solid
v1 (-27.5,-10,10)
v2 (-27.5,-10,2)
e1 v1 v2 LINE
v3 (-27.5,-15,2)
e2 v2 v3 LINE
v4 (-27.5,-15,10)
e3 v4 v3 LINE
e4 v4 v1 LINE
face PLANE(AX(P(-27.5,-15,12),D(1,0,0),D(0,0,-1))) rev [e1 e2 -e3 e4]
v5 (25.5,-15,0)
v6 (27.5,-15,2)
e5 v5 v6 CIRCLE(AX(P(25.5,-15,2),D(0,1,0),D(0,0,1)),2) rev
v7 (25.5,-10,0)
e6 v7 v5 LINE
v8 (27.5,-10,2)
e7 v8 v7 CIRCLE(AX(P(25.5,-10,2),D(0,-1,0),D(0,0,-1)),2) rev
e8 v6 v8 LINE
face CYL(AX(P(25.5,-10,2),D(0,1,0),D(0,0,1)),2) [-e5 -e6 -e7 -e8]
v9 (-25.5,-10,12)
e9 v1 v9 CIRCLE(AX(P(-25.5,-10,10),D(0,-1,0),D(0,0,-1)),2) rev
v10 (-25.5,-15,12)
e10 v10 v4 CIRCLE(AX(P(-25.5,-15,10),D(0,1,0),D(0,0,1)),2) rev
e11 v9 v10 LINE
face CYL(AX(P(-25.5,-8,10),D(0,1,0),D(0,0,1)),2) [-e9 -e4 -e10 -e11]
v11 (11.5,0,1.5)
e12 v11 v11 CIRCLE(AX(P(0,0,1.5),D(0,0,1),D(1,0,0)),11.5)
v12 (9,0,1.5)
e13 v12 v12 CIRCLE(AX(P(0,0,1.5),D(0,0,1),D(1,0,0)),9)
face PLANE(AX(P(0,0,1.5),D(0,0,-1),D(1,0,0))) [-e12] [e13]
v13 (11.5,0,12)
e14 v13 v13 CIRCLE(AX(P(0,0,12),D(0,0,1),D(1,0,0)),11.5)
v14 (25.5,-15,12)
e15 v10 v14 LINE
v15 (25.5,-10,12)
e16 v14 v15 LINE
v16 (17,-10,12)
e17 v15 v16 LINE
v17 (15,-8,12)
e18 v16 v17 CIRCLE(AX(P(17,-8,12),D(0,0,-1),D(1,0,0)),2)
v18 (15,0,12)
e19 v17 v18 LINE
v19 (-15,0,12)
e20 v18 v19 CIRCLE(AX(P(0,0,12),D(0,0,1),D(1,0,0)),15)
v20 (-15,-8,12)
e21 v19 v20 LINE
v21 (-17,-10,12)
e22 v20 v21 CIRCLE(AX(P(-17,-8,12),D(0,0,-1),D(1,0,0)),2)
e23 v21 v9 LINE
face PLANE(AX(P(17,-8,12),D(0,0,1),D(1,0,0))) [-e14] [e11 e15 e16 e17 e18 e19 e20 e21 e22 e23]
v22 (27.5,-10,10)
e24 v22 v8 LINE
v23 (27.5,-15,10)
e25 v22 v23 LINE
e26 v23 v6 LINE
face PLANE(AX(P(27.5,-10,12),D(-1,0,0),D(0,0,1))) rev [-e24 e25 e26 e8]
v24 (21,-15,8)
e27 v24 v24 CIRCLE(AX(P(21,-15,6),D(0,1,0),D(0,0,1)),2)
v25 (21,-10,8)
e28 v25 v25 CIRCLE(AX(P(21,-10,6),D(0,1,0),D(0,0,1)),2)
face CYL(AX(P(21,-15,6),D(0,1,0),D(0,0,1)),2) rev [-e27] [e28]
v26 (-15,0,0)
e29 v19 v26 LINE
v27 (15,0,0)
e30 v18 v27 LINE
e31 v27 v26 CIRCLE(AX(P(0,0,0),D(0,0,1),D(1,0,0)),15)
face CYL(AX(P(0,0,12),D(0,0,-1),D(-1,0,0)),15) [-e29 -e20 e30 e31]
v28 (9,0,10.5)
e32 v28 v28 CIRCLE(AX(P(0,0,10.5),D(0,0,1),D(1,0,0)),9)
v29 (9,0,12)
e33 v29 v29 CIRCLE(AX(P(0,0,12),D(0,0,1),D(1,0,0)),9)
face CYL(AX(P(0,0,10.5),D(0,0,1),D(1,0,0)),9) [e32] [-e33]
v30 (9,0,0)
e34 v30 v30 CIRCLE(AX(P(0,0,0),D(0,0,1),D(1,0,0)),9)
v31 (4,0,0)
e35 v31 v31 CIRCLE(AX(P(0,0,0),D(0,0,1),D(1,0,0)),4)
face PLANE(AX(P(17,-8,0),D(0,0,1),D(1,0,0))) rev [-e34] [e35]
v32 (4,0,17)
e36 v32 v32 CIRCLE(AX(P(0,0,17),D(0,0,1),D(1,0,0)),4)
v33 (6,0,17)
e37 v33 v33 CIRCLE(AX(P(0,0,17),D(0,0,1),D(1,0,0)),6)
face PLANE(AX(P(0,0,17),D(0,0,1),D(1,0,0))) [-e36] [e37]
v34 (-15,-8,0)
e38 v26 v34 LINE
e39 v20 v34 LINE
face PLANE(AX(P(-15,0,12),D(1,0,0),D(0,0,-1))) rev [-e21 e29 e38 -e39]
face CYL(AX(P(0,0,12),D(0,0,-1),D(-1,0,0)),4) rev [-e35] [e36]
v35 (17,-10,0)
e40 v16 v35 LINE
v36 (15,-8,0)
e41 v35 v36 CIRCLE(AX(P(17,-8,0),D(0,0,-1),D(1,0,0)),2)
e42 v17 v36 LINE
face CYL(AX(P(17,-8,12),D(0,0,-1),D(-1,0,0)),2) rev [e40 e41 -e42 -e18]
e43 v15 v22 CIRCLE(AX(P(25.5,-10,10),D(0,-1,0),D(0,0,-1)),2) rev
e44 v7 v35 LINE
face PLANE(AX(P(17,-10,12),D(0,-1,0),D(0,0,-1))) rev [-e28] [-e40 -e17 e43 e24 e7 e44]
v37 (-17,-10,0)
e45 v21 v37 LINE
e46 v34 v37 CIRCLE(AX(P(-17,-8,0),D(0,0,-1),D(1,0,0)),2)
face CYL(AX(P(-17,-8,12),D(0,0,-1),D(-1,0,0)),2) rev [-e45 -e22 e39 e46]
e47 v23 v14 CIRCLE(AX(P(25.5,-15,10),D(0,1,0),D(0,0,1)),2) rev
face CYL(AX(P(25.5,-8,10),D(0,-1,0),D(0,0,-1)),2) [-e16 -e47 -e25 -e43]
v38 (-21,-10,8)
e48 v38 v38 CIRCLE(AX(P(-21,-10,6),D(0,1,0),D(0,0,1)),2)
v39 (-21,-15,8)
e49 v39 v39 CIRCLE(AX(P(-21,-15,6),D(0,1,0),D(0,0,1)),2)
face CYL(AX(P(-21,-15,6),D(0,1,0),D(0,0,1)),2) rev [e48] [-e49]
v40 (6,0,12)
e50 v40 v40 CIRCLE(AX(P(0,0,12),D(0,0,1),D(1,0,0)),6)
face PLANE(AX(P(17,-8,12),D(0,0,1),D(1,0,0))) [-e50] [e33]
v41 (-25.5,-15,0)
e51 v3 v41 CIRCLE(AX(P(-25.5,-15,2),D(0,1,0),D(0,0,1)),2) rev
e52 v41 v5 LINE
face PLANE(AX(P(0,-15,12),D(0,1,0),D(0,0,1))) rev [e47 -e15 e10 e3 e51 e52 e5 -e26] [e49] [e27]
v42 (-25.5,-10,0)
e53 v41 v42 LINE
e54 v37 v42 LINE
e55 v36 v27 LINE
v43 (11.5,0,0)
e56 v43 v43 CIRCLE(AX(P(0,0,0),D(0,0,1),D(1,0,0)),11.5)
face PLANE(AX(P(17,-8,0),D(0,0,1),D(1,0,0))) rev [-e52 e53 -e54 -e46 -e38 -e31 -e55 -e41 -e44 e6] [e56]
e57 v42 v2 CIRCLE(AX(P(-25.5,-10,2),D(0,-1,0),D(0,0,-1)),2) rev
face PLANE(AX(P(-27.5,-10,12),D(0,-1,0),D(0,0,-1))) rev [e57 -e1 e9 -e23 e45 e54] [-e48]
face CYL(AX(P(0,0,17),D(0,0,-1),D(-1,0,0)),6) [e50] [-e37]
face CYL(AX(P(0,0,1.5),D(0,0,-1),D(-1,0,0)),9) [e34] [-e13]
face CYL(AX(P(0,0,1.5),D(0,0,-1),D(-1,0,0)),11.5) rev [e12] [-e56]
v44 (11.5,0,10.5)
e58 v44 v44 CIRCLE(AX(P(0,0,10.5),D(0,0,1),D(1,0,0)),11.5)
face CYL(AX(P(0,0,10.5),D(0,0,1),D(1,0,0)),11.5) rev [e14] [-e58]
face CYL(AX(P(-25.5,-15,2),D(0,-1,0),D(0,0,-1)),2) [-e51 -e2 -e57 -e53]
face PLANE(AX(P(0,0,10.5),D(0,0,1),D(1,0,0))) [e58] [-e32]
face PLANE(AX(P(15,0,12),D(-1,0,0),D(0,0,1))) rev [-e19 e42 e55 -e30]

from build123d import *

# Parameters (mm, degrees)
SKETCH_2_R          = 4
EXTRUDE_1_DEPTH     = 12
FILLET_1_R          = 2
SKETCH_3_R          = 2
CUT_EXTRUDE_1_DEPTH = 6
SKETCH_4_R          = 6
SKETCH_4_R_2        = 4
EXTRUDE_2_DEPTH     = 5
SKETCH_5_R          = 11.5
SKETCH_5_R_2        = 9
CUT_EXTRUDE_2_DEPTH = 1.5


with BuildPart() as part:
    # 草图2 → 凸台-拉伸1 (new body)
    with BuildSketch(Plane.XY):
        with BuildLine():
            Line((0, -15), (-27.5, -15))
            Line((-27.5, -15), (-27.5, -10))
            Line((-27.5, -10), (-17, -10))
            ThreePointArc((-17, -10), (-15.585786438, -9.414213562), (-15, -8))
            Line((-15, -8), (-15, 0))
            ThreePointArc((-15, 0), (0, 15), (15, 0))
            Line((15, 0), (15, -8))
            ThreePointArc((15, -8), (15.585786438, -9.414213562), (17, -10))
            Line((17, -10), (27.5, -10))
            Line((27.5, -10), (27.5, -15))
            Line((27.5, -15), (0, -15))
        make_face()
        Circle(SKETCH_2_R, mode=Mode.SUBTRACT)
    extrude(amount=EXTRUDE_1_DEPTH)

    # 圆角1
    fillet_1_edges = [part.edges().sort_by_distance(p)[0] for p in [
        (27.5, -12.5, 0),
        (-27.5, -12.5, 0),
        (-27.5, -12.5, 12),
        (27.5, -12.5, 12),
    ]]
    fillet(fillet_1_edges, radius=FILLET_1_R)

    # 草图3 → 切除-拉伸1 (cut, through all)
    with BuildSketch(Plane(origin=(0, -10, 0), x_dir=(1, 0, 0), z_dir=(0, 1, 0))):
        with Locations((-21, -6)):
            Circle(SKETCH_3_R)
        with Locations((21, -6)):
            Circle(SKETCH_3_R)
    extrude(amount=-CUT_EXTRUDE_1_DEPTH, mode=Mode.SUBTRACT)

    # 草图4 → 凸台-拉伸2 (add)
    with BuildSketch(Plane.XY.offset(12)):
        Circle(SKETCH_4_R)
        Circle(SKETCH_4_R_2, mode=Mode.SUBTRACT)
    extrude(amount=EXTRUDE_2_DEPTH)

    # 草图5 → 切除-拉伸2 (cut)
    with BuildSketch(Plane.XY.offset(12)):
        Circle(SKETCH_5_R)
        Circle(SKETCH_5_R_2, mode=Mode.SUBTRACT)
    cut_extrude_2 = extrude(amount=-CUT_EXTRUDE_2_DEPTH, mode=Mode.SUBTRACT)

    # 镜向1: 切除-拉伸2 across plane
    add(cut_extrude_2.mirror(Plane.XY.offset(6)), mode=Mode.SUBTRACT)


solid = part.part
